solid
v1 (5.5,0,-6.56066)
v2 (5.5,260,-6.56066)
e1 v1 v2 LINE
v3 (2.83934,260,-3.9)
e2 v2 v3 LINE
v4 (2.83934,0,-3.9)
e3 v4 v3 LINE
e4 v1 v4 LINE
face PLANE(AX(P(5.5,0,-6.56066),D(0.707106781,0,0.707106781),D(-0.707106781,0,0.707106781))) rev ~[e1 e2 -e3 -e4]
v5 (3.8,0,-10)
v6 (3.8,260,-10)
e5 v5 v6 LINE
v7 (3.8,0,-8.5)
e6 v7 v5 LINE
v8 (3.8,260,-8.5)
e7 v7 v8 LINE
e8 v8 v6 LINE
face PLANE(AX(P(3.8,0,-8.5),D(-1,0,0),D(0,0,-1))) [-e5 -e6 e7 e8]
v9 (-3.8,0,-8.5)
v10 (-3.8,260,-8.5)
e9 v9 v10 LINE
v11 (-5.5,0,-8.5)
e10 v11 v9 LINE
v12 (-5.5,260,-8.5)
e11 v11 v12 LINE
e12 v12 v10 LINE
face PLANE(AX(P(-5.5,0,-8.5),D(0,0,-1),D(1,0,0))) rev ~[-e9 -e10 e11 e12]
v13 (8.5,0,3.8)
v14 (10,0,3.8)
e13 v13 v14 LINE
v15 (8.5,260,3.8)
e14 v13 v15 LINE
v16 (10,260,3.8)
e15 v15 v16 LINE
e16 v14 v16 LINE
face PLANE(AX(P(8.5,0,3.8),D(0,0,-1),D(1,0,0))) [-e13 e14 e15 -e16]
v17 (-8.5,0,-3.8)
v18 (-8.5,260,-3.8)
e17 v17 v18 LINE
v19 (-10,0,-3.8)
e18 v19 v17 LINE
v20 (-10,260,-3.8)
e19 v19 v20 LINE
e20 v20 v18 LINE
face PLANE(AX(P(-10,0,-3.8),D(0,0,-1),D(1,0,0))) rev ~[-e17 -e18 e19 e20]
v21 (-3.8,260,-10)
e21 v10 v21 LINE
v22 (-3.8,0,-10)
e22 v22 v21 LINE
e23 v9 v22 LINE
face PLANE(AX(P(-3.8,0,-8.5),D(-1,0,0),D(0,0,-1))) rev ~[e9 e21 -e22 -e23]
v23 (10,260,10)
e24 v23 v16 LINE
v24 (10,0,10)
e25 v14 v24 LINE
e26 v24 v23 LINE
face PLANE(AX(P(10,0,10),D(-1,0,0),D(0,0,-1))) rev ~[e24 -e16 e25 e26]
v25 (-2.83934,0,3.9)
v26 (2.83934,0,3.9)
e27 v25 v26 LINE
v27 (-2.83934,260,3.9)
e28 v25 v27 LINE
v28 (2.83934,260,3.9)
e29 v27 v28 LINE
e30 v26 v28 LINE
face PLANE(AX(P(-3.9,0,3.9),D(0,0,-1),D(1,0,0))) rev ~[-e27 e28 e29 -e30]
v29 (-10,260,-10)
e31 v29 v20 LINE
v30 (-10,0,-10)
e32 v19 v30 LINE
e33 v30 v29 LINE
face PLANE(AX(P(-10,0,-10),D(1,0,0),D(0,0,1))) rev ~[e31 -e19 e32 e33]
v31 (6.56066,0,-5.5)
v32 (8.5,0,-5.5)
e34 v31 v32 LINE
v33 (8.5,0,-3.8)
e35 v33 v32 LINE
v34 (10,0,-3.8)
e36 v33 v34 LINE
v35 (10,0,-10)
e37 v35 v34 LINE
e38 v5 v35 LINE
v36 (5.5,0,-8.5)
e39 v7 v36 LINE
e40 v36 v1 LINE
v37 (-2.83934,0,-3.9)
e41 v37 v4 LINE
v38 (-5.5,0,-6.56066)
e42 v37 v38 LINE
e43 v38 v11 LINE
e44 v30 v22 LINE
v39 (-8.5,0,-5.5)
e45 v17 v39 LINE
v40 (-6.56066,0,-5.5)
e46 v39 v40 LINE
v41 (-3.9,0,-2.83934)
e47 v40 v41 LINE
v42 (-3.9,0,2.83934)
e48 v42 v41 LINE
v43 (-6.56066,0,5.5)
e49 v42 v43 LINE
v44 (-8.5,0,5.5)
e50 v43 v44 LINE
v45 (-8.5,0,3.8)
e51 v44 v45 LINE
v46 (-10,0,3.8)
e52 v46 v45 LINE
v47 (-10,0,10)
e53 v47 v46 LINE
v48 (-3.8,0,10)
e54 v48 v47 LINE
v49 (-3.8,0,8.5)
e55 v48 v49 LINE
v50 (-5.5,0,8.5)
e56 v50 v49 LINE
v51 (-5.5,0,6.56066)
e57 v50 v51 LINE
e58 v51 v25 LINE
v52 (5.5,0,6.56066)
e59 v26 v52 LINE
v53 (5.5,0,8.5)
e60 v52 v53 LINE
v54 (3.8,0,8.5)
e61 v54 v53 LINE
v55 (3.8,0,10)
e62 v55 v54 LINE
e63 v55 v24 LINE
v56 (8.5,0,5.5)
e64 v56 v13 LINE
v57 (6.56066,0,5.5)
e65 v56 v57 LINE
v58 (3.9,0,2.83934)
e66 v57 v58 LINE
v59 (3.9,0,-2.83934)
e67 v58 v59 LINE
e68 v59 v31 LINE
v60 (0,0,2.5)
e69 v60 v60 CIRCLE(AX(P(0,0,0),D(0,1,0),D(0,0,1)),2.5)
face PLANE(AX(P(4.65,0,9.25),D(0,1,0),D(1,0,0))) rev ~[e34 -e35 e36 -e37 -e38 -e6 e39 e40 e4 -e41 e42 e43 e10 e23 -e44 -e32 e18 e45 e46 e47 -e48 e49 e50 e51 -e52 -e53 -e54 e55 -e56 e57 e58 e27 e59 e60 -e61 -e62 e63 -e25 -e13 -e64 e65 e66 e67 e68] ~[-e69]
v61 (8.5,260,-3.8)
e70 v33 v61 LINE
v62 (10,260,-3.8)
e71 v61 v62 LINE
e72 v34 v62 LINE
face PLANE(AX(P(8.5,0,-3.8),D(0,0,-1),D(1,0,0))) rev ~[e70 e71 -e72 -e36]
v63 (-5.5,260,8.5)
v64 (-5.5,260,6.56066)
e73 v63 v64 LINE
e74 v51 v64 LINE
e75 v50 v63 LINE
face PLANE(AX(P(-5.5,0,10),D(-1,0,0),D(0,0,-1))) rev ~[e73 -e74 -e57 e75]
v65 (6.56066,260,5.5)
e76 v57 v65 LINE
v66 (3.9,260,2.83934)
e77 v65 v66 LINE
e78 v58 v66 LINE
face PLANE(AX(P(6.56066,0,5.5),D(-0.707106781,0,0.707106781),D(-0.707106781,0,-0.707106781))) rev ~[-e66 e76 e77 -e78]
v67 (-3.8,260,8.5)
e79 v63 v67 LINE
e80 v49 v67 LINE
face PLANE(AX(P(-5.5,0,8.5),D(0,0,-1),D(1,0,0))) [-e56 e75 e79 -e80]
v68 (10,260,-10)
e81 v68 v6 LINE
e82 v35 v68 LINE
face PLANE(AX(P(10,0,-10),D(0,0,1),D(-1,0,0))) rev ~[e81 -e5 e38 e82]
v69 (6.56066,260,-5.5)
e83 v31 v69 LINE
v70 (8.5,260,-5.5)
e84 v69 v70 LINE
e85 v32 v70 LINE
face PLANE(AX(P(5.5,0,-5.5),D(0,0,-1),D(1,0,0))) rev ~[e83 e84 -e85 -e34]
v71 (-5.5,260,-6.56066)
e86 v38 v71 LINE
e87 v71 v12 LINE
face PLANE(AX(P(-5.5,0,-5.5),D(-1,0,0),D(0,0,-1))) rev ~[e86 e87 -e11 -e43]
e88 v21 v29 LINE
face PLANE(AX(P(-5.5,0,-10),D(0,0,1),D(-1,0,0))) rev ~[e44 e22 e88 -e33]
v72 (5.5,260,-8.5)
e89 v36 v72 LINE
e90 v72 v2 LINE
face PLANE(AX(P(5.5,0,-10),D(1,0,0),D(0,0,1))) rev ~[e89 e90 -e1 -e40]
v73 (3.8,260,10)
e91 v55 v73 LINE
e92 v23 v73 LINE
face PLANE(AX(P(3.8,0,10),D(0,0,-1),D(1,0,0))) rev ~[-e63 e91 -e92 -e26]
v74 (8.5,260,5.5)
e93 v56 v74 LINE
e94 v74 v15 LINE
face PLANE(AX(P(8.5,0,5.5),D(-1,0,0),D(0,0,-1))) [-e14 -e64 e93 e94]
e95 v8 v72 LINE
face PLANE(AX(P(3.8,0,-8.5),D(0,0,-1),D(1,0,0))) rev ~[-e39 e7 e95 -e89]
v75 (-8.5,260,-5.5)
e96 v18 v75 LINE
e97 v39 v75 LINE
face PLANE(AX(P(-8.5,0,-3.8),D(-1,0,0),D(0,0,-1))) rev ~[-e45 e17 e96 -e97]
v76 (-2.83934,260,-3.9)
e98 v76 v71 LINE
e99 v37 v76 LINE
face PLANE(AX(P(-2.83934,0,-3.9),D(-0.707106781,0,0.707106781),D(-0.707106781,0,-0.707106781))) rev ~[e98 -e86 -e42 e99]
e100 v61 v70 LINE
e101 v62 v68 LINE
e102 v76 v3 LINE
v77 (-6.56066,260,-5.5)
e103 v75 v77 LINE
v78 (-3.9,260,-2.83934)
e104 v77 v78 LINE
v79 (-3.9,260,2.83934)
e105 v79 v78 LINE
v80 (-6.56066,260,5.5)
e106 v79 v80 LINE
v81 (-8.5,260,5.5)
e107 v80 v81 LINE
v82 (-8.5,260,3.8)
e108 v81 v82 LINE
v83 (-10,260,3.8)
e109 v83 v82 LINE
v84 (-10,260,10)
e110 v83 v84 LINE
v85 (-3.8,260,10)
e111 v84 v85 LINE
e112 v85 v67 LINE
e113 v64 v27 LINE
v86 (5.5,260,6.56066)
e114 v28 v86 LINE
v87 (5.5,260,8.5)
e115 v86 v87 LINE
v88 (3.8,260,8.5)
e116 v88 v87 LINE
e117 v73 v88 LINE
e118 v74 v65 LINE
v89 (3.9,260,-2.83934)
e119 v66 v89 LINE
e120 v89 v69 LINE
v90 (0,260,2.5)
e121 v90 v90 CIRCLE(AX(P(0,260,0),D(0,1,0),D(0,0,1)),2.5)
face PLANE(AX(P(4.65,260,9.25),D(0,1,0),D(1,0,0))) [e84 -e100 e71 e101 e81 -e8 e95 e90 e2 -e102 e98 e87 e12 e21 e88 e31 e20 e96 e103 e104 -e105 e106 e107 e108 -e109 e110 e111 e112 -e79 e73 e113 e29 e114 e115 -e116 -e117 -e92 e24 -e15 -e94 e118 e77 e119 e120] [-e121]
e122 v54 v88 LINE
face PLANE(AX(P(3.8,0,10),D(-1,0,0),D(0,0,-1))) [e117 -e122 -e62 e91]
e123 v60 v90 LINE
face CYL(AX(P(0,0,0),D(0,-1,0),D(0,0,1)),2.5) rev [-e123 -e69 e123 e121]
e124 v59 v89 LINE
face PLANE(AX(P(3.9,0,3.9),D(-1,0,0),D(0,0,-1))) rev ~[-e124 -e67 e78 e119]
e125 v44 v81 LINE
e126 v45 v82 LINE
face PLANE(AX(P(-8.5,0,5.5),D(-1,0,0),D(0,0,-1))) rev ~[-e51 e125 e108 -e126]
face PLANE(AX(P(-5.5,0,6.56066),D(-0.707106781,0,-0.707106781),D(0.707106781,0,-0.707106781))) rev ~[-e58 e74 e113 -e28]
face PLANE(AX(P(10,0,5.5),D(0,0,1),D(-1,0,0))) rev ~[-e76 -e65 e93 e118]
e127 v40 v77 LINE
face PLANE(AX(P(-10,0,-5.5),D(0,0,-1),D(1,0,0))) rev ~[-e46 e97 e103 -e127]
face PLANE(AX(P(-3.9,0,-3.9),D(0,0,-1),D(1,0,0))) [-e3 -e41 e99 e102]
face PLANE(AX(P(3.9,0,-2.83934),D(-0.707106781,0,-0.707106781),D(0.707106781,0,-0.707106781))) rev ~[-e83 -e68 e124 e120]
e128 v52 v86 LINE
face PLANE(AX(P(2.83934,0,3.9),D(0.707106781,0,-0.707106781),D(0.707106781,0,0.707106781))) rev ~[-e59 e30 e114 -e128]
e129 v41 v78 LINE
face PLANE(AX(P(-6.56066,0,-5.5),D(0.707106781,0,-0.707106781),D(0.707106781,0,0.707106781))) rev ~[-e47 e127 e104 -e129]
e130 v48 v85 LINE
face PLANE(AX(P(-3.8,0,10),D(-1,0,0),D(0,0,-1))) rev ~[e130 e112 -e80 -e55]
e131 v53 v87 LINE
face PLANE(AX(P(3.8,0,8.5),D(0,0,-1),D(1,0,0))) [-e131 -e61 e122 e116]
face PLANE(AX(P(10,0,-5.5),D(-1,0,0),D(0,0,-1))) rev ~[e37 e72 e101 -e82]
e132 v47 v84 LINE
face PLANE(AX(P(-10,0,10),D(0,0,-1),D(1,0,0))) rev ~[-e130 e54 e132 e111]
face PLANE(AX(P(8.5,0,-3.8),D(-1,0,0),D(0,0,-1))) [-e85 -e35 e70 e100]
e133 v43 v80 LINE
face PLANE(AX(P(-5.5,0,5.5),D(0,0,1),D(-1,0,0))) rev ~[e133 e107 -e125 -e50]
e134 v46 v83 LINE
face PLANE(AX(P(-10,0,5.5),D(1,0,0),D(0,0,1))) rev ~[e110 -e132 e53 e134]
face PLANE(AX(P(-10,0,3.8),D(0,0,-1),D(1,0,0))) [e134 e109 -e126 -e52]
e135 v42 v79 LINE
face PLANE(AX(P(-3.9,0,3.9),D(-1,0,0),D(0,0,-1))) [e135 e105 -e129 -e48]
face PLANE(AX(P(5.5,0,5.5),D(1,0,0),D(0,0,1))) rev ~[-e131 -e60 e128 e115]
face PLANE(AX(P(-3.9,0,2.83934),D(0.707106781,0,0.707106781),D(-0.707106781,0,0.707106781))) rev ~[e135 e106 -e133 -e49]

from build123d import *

# Parameters (mm, degrees)
SKETCH_1_W      = 1.5
SKETCH_1_H      = 1.7
SKETCH_1_W_2    = 1.7
SKETCH_1_H_2    = 1.5
SKETCH_1_W_3    = 7.8
SKETCH_1_H_3    = 7.8
SKETCH_1_R      = 2.5
EXTRUDE_1_DEPTH = 260


with BuildPart() as part:
    # 草图1 → 凸台-拉伸1 (new body)
    # profile 1 of 17: a face of its own
    with BuildSketch(Plane(origin=(0, 0, 0), x_dir=(1, 0, 0), z_dir=(0, 1, 0))):
        Polygon((5.5, 8.5), (5.5, 6.560660172), (5.5, 5.5), (6.560660172, 5.5), (8.5, 5.5), (10, 5.5), (10, 10), (5.5, 10), align=None)
    # profile 2 of 17: a face of its own
    with BuildSketch(Plane(origin=(0, 0, 0), x_dir=(1, 0, 0), z_dir=(0, 1, 0))):
        with Locations((9.25, 4.65)):
            Rectangle(SKETCH_1_W, SKETCH_1_H)
    # profile 3 of 17: a face of its own
    with BuildSketch(Plane(origin=(0, 0, 0), x_dir=(1, 0, 0), z_dir=(0, 1, 0))):
        Polygon((5.5, 6.560660172), (2.839339828, 3.9), (3.9, 3.9), (3.9, 2.839339828), (6.560660172, 5.5), (5.5, 5.5), align=None)
    # profile 4 of 17: a face of its own
    with BuildSketch(Plane(origin=(0, 0, 0), x_dir=(1, 0, 0), z_dir=(0, 1, 0))):
        with Locations((4.65, 9.25)):
            Rectangle(SKETCH_1_W_2, SKETCH_1_H_2)
    # profile 5 of 17: a face of its own
    with BuildSketch(Plane(origin=(0, 0, 0), x_dir=(1, 0, 0), z_dir=(0, 1, 0))):
        Rectangle(SKETCH_1_W_3, SKETCH_1_H_3)
        with Locations(Location((0, 0, 0), (0, 0, 270))):
            Circle(SKETCH_1_R, mode=Mode.SUBTRACT)
    # profile 6 of 17: a face of its own
    with BuildSketch(Plane(origin=(0, 0, 0), x_dir=(1, 0, 0), z_dir=(0, 1, 0))):
        with Locations((-4.65, 9.25)):
            Rectangle(SKETCH_1_W_2, SKETCH_1_H_2)
    # profile 7 of 17: a face of its own
    with BuildSketch(Plane(origin=(0, 0, 0), x_dir=(1, 0, 0), z_dir=(0, 1, 0))):
        Polygon((-8.5, 5.5), (-6.560660172, 5.5), (-5.5, 5.5), (-5.5, 6.560660172), (-5.5, 8.5), (-5.5, 10), (-10, 10), (-10, 5.5), align=None)
    # profile 8 of 17: a face of its own
    with BuildSketch(Plane(origin=(0, 0, 0), x_dir=(1, 0, 0), z_dir=(0, 1, 0))):
        with Locations((-9.25, 4.65)):
            Rectangle(SKETCH_1_W, SKETCH_1_H)
    # profile 9 of 17: a face of its own
    with BuildSketch(Plane(origin=(0, 0, 0), x_dir=(1, 0, 0), z_dir=(0, 1, 0))):
        Polygon((-5.5, 5.5), (-6.560660172, 5.5), (-3.9, 2.839339828), (-3.9, 3.9), (-2.839339828, 3.9), (-5.5, 6.560660172), align=None)
    # profile 10 of 17: a face of its own
    with BuildSketch(Plane(origin=(0, 0, 0), x_dir=(1, 0, 0), z_dir=(0, 1, 0))):
        Polygon((-5.5, -5.5), (-6.560660172, -5.5), (-8.5, -5.5), (-10, -5.5), (-10, -10), (-5.5, -10), (-5.5, -8.5), (-5.5, -6.560660172), align=None)
    # profile 11 of 17: a face of its own
    with BuildSketch(Plane(origin=(0, 0, 0), x_dir=(1, 0, 0), z_dir=(0, 1, 0))):
        with Locations((-4.65, -9.25)):
            Rectangle(SKETCH_1_W_2, SKETCH_1_H_2)
    # profile 12 of 17: a face of its own
    with BuildSketch(Plane(origin=(0, 0, 0), x_dir=(1, 0, 0), z_dir=(0, 1, 0))):
        with Locations((-9.25, -4.65)):
            Rectangle(SKETCH_1_W, SKETCH_1_H)
    # profile 13 of 17: a face of its own
    with BuildSketch(Plane(origin=(0, 0, 0), x_dir=(1, 0, 0), z_dir=(0, 1, 0))):
        Polygon((-3.9, -3.9), (-3.9, -2.839339828), (-6.560660172, -5.5), (-5.5, -5.5), (-5.5, -6.560660172), (-2.839339828, -3.9), align=None)
    # profile 14 of 17: a face of its own
    with BuildSketch(Plane(origin=(0, 0, 0), x_dir=(1, 0, 0), z_dir=(0, 1, 0))):
        Polygon((3.9, -3.9), (2.839339828, -3.9), (5.5, -6.560660172), (5.5, -5.5), (6.560660172, -5.5), (3.9, -2.839339828), align=None)
    # profile 15 of 17: a face of its own
    with BuildSketch(Plane(origin=(0, 0, 0), x_dir=(1, 0, 0), z_dir=(0, 1, 0))):
        Polygon((5.5, -5.5), (5.5, -6.560660172), (5.5, -8.5), (5.5, -10), (10, -10), (10, -5.5), (8.5, -5.5), (6.560660172, -5.5), align=None)
    # profile 16 of 17: a face of its own
    with BuildSketch(Plane(origin=(0, 0, 0), x_dir=(1, 0, 0), z_dir=(0, 1, 0))):
        with Locations((9.25, -4.65)):
            Rectangle(SKETCH_1_W, SKETCH_1_H)
    # profile 17 of 17: a face of its own
    with BuildSketch(Plane(origin=(0, 0, 0), x_dir=(1, 0, 0), z_dir=(0, 1, 0))):
        with Locations((4.65, -9.25)):
            Rectangle(SKETCH_1_W_2, SKETCH_1_H_2)
    extrude(amount=EXTRUDE_1_DEPTH)


solid = part.part
